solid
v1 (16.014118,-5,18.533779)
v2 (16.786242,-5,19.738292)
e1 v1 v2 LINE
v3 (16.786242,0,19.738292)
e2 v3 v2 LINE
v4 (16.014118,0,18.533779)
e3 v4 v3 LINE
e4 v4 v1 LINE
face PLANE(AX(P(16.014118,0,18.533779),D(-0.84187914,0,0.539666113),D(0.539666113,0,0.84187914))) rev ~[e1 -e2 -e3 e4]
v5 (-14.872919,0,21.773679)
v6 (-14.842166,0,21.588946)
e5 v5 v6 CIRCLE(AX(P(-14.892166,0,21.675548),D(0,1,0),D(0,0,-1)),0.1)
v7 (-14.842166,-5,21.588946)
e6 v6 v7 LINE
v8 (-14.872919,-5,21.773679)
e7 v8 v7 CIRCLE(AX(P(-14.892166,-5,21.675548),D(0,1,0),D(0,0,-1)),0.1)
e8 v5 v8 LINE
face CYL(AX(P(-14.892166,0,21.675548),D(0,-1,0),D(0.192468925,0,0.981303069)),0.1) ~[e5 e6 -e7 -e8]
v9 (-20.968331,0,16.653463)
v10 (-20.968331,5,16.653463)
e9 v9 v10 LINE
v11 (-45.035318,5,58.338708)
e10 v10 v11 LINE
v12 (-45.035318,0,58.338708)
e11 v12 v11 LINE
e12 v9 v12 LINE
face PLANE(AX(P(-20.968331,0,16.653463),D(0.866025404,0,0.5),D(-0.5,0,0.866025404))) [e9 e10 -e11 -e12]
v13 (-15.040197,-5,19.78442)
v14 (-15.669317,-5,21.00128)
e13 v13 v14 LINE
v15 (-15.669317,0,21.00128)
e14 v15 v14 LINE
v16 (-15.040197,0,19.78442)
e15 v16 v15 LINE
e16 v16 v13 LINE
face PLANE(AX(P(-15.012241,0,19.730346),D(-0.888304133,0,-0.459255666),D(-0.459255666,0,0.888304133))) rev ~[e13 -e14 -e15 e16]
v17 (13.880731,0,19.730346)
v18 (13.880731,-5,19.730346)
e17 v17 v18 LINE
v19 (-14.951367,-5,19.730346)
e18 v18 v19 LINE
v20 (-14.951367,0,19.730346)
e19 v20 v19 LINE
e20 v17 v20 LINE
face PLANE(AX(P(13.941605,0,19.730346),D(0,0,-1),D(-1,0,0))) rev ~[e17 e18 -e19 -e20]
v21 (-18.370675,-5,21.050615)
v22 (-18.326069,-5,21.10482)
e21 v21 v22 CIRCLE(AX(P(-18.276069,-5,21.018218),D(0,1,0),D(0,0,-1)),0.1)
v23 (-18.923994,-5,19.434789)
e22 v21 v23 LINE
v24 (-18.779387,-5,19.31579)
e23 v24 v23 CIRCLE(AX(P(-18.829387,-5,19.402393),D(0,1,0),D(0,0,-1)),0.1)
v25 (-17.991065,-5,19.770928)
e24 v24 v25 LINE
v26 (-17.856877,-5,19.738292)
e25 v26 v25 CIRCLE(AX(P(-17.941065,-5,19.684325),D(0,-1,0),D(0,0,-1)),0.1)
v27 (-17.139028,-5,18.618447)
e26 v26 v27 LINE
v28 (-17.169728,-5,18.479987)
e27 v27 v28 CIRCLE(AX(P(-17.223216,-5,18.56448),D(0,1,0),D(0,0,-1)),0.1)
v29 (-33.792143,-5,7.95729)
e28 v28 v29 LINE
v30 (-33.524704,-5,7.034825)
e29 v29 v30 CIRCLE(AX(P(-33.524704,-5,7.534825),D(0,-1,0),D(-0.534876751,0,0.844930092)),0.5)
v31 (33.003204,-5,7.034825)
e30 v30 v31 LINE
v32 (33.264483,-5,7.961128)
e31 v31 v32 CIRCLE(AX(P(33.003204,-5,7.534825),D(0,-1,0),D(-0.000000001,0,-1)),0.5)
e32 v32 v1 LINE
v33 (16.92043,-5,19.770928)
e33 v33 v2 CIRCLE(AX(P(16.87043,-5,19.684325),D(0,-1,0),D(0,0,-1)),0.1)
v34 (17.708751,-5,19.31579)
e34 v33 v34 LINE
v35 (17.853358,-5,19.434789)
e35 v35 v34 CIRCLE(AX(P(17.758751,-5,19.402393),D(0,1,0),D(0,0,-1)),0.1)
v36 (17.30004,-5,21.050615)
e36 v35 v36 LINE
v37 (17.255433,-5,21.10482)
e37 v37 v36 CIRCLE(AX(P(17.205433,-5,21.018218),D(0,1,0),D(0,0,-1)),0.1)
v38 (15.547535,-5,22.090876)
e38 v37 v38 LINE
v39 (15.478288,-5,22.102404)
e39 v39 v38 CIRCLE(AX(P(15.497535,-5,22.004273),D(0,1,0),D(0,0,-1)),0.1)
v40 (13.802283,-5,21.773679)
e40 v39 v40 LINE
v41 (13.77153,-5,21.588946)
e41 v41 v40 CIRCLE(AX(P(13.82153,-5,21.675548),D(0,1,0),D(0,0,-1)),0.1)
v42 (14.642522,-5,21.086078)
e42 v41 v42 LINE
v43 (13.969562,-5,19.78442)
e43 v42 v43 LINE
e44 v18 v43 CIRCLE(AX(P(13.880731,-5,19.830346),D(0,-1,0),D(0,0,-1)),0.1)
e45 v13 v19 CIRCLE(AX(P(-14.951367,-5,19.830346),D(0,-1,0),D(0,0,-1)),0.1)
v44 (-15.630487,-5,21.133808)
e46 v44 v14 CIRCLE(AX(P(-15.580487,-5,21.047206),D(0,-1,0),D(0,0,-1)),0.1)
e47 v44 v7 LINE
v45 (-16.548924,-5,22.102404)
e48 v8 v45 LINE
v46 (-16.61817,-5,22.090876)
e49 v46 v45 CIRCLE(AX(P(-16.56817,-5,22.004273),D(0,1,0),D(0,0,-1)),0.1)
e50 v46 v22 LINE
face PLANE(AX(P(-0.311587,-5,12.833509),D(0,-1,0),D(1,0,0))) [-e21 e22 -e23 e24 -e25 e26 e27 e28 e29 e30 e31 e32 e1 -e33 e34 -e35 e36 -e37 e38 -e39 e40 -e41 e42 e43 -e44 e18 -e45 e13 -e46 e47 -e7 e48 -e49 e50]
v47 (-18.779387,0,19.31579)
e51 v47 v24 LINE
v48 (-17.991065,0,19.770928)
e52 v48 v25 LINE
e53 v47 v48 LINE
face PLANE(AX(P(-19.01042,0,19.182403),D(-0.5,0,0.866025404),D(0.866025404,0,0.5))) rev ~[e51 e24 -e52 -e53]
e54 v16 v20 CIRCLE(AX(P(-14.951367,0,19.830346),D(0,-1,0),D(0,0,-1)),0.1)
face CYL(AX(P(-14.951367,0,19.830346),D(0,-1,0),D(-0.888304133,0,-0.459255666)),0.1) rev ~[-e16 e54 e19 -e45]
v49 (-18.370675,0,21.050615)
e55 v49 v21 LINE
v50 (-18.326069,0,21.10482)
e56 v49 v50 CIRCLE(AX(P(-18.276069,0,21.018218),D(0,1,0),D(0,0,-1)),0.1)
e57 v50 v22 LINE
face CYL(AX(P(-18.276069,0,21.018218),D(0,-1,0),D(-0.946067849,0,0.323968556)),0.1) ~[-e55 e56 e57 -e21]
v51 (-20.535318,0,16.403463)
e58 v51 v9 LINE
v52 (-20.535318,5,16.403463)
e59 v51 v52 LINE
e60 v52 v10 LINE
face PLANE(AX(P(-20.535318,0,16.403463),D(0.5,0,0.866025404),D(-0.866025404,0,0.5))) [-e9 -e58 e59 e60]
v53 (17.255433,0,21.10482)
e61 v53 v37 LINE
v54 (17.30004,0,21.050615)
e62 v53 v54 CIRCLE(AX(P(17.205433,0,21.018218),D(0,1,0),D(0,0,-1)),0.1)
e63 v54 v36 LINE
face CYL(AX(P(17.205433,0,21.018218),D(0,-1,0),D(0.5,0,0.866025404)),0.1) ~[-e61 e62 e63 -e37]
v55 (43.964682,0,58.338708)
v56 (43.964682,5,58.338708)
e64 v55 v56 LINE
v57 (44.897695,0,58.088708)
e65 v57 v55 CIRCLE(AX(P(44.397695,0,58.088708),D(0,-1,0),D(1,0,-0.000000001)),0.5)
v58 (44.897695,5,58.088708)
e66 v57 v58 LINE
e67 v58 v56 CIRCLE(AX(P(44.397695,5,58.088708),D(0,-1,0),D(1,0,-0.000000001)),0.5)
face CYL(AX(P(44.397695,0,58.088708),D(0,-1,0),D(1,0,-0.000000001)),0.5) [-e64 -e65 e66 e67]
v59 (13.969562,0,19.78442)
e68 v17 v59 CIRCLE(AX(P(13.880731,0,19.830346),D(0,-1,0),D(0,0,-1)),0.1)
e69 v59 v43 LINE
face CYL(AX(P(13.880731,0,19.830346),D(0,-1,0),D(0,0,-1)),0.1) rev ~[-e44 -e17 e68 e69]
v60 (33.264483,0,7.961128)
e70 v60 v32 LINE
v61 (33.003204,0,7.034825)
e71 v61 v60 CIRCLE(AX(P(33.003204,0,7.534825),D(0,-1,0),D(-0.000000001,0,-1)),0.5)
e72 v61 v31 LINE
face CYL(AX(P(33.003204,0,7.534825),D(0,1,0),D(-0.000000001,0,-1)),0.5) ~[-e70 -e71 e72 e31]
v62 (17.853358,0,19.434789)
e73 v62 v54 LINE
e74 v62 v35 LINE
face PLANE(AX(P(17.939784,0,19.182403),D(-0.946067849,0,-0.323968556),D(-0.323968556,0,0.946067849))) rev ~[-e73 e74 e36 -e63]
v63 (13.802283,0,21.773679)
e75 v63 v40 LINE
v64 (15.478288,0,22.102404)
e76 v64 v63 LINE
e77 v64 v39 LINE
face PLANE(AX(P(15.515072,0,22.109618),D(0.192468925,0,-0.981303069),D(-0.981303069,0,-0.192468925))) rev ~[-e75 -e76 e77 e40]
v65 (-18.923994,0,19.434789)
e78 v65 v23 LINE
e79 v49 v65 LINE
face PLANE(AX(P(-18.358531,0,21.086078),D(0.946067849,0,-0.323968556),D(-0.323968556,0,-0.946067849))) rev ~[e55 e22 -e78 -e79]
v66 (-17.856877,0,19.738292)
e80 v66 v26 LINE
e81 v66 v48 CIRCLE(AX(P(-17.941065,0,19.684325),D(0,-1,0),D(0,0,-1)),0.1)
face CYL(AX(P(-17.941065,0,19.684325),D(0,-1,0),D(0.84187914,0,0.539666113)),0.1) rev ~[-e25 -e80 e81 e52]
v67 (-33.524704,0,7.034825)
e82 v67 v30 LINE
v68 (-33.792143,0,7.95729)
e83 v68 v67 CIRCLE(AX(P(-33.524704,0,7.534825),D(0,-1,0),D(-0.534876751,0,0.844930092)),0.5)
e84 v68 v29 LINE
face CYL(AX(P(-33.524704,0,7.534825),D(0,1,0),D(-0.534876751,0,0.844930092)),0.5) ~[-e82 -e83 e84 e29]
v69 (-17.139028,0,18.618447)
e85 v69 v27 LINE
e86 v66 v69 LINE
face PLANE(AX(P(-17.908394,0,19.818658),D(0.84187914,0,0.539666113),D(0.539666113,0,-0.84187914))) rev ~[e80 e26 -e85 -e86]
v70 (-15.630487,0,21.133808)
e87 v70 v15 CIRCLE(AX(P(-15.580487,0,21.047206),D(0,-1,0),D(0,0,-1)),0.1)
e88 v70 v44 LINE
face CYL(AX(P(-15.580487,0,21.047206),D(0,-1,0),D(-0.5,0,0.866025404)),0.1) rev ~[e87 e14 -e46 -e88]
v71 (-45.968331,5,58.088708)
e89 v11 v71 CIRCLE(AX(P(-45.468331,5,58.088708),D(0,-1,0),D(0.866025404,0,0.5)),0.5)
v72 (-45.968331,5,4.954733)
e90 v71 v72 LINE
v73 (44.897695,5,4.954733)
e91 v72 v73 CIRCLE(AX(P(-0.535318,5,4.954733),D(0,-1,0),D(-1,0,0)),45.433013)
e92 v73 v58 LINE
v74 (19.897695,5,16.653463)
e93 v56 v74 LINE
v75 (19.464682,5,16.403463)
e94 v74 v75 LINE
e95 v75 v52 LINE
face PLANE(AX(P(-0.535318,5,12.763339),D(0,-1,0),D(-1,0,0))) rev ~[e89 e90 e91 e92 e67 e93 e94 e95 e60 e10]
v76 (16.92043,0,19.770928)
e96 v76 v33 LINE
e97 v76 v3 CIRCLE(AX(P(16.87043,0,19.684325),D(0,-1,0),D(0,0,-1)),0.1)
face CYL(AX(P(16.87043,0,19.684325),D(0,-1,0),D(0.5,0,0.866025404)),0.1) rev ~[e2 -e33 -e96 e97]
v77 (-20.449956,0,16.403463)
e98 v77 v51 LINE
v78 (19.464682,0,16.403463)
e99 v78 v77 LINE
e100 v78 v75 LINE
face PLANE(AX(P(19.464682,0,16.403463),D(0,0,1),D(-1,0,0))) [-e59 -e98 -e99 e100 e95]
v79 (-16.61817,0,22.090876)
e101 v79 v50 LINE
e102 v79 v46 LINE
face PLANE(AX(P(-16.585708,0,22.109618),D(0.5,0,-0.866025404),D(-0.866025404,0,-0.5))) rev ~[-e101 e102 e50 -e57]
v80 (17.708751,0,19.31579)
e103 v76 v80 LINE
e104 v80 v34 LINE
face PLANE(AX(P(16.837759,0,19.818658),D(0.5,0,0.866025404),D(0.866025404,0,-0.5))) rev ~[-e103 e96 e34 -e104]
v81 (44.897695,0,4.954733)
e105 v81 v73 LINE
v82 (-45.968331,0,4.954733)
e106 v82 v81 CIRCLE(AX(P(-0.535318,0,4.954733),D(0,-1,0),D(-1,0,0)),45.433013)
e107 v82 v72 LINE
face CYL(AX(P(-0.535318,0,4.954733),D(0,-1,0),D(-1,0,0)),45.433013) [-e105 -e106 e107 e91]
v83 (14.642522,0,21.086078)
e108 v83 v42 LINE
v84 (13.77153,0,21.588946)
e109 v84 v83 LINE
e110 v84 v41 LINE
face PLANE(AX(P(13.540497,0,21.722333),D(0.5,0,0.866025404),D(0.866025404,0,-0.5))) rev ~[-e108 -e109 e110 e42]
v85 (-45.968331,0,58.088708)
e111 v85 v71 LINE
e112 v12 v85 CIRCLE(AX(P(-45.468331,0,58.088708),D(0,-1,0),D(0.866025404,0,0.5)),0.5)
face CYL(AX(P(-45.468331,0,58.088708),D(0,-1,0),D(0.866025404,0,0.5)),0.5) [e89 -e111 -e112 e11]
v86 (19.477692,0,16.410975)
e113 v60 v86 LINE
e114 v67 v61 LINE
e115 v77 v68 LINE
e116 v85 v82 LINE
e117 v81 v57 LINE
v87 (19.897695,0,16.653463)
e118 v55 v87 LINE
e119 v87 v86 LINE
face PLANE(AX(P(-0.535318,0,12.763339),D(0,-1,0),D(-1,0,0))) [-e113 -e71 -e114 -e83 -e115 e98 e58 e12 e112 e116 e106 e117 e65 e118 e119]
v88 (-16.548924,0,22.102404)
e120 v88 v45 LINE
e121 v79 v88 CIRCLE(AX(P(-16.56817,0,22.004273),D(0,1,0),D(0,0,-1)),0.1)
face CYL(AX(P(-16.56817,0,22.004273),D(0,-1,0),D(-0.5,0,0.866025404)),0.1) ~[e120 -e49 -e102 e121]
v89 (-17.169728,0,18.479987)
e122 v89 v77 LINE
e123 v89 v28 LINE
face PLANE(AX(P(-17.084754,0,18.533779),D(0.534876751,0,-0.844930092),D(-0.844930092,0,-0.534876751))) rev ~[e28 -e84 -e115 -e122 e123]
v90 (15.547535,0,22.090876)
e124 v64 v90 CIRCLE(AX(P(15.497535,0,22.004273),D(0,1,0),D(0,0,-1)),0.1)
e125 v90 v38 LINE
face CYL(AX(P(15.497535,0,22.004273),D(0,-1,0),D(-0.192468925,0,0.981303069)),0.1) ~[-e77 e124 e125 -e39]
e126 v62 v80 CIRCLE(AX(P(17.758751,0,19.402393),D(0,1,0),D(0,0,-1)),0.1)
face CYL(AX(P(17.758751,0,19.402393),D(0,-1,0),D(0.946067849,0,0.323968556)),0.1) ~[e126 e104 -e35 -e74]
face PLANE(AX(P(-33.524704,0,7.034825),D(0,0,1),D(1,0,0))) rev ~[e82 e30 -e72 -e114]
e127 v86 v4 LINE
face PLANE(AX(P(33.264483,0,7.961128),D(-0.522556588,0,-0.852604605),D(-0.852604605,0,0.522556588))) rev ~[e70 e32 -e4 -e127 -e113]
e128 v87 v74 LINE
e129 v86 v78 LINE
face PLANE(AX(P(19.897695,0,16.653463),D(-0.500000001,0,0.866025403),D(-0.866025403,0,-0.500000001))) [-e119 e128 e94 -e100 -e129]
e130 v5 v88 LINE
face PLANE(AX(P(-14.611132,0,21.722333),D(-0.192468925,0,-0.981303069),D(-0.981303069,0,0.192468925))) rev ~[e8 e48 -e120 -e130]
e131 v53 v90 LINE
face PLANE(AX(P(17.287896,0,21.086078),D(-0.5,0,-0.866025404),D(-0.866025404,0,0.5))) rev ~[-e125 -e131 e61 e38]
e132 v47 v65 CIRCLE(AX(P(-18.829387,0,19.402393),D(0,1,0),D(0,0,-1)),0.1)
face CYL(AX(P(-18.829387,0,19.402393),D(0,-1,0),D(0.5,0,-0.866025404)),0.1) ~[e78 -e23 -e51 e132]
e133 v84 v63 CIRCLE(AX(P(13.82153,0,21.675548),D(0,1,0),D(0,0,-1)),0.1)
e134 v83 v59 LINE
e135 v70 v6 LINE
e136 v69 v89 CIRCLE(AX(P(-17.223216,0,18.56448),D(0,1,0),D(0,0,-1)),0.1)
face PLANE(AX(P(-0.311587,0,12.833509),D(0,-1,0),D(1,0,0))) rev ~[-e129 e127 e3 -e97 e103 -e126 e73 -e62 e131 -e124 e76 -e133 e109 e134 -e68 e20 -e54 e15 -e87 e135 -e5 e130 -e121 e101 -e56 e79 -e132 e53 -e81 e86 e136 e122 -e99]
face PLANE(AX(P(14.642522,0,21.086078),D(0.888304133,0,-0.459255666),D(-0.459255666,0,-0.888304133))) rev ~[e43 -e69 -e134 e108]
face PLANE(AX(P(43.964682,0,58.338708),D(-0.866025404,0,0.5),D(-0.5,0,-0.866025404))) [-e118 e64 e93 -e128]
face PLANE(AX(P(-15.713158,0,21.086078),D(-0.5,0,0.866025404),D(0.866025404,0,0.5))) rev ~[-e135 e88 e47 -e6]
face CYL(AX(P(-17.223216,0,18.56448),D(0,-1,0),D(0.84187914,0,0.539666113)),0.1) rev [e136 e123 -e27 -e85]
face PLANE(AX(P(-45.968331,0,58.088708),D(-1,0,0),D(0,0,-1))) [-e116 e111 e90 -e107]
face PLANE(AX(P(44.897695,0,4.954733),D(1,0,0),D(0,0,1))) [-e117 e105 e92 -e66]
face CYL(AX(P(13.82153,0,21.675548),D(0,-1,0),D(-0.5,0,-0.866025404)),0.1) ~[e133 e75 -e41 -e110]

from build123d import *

# Parameters (mm, degrees)
BOSS_EXTRU_1_DEPTH = 5
BOSS_EXTRU_2_DEPTH = 5
CONG_1_R           = 0.1


with BuildPart() as part:
    # Esquisse1 → Boss.-Extru.1 (new body)
    with BuildSketch(Plane(origin=(0, 0, 0), x_dir=(1, 0, 0), z_dir=(0, 1, 0))):
        with BuildLine():
            Line((19.464682141, -16.403463282), (-20.535317859, -16.403463282))
            Line((-20.535317859, -16.403463282), (-20.968330561, -16.653463282))
            Line((-20.968330561, -16.653463282), (-45.035317859, -58.338708067))
            ThreePointArc((-45.035317859, -58.338708067), (-45.597740084, -58.57167098), (-45.968330561, -58.088708067))
            Line((-45.968330561, -58.088708067), (-45.968330561, -4.954733471))
            ThreePointArc((-45.968330561, -4.954733471), (-0.535317859, 40.478279231), (44.897694842, -4.954733471))
            Line((44.897694842, -4.954733471), (44.897694842, -58.088708067))
            ThreePointArc((44.897694842, -58.088708067), (44.527104365, -58.57167098), (43.964682141, -58.338708067))
            Line((43.964682141, -58.338708067), (19.897694842, -16.653463282))
            Line((19.897694842, -16.653463282), (19.464682141, -16.403463282))
        make_face()
    extrude(amount=BOSS_EXTRU_1_DEPTH)

    # Esquisse3 → Boss.-Extru.2 (add)
    with BuildSketch(Plane.XZ):
        with BuildLine():
            Line((-17.908394248, 19.818657818), (-17.084754205, 18.533779345))
            Line((-17.084754205, 18.533779345), (-33.79214282, 7.957290442))
            ThreePointArc((-33.79214282, 7.957290442), (-34.004929664, 7.395599901), (-33.524704444, 7.034825396))
            Line((-33.524704444, 7.034825396), (33.003204413, 7.034825396))
            ThreePointArc((33.003204413, 7.034825396), (33.484427413, 7.399088796), (33.264482707, 7.961127698))
            Line((33.264482707, 7.961127698), (16.014118486, 18.533779345))
            Line((16.014118486, 18.533779345), (16.837758529, 19.818657818))
            Line((16.837758529, 19.818657818), (17.939784376, 19.182402899))
            Line((17.939784376, 19.182402899), (17.287895758, 21.086077969))
            Line((17.287895758, 21.086077969), (15.515071867, 22.109618319))
            Line((15.515071867, 22.109618319), (13.540496587, 21.722332888))
            Line((13.540496587, 21.722332888), (14.642522434, 21.086077969))
            Line((14.642522434, 21.086077969), (13.941605057, 19.730345531))
            Line((13.941605057, 19.730345531), (-15.012240776, 19.730345531))
            Line((-15.012240776, 19.730345531), (-15.713158153, 21.086077969))
            Line((-15.713158153, 21.086077969), (-14.611132306, 21.722332888))
            Line((-14.611132306, 21.722332888), (-16.585707586, 22.109618319))
            Line((-16.585707586, 22.109618319), (-18.358531477, 21.086077969))
            Line((-18.358531477, 21.086077969), (-19.010420095, 19.182402899))
            Line((-19.010420095, 19.182402899), (-17.908394248, 19.818657818))
        make_face()
    extrude(amount=BOSS_EXTRU_2_DEPTH)

    # Congé1
    cong_1_edges = [part.edges().sort_by_distance(p)[0] for p in [
        (16.837758529, -2.5, 19.818657818),
        (17.939784376, -2.5, 19.182402899),
        (17.287895758, -2.5, 21.086077969),
        (15.515071867, -2.5, 22.109618319),
        (13.540496587, -2.5, 21.722332888),
        (13.941605057, -2.5, 19.730345531),
        (-15.012240776, -2.5, 19.730345531),
        (-15.713158153, -2.5, 21.086077969),
        (-14.611132306, -2.5, 21.722332888),
        (-16.585707586, -2.5, 22.109618319),
        (-18.358531477, -2.5, 21.086077969),
        (-19.010420095, -2.5, 19.182402899),
        (-17.908394248, -2.5, 19.818657818),
        (-17.084754205, -2.5, 18.533779345),
    ]]
    fillet(cong_1_edges, radius=CONG_1_R)


solid = part.part
